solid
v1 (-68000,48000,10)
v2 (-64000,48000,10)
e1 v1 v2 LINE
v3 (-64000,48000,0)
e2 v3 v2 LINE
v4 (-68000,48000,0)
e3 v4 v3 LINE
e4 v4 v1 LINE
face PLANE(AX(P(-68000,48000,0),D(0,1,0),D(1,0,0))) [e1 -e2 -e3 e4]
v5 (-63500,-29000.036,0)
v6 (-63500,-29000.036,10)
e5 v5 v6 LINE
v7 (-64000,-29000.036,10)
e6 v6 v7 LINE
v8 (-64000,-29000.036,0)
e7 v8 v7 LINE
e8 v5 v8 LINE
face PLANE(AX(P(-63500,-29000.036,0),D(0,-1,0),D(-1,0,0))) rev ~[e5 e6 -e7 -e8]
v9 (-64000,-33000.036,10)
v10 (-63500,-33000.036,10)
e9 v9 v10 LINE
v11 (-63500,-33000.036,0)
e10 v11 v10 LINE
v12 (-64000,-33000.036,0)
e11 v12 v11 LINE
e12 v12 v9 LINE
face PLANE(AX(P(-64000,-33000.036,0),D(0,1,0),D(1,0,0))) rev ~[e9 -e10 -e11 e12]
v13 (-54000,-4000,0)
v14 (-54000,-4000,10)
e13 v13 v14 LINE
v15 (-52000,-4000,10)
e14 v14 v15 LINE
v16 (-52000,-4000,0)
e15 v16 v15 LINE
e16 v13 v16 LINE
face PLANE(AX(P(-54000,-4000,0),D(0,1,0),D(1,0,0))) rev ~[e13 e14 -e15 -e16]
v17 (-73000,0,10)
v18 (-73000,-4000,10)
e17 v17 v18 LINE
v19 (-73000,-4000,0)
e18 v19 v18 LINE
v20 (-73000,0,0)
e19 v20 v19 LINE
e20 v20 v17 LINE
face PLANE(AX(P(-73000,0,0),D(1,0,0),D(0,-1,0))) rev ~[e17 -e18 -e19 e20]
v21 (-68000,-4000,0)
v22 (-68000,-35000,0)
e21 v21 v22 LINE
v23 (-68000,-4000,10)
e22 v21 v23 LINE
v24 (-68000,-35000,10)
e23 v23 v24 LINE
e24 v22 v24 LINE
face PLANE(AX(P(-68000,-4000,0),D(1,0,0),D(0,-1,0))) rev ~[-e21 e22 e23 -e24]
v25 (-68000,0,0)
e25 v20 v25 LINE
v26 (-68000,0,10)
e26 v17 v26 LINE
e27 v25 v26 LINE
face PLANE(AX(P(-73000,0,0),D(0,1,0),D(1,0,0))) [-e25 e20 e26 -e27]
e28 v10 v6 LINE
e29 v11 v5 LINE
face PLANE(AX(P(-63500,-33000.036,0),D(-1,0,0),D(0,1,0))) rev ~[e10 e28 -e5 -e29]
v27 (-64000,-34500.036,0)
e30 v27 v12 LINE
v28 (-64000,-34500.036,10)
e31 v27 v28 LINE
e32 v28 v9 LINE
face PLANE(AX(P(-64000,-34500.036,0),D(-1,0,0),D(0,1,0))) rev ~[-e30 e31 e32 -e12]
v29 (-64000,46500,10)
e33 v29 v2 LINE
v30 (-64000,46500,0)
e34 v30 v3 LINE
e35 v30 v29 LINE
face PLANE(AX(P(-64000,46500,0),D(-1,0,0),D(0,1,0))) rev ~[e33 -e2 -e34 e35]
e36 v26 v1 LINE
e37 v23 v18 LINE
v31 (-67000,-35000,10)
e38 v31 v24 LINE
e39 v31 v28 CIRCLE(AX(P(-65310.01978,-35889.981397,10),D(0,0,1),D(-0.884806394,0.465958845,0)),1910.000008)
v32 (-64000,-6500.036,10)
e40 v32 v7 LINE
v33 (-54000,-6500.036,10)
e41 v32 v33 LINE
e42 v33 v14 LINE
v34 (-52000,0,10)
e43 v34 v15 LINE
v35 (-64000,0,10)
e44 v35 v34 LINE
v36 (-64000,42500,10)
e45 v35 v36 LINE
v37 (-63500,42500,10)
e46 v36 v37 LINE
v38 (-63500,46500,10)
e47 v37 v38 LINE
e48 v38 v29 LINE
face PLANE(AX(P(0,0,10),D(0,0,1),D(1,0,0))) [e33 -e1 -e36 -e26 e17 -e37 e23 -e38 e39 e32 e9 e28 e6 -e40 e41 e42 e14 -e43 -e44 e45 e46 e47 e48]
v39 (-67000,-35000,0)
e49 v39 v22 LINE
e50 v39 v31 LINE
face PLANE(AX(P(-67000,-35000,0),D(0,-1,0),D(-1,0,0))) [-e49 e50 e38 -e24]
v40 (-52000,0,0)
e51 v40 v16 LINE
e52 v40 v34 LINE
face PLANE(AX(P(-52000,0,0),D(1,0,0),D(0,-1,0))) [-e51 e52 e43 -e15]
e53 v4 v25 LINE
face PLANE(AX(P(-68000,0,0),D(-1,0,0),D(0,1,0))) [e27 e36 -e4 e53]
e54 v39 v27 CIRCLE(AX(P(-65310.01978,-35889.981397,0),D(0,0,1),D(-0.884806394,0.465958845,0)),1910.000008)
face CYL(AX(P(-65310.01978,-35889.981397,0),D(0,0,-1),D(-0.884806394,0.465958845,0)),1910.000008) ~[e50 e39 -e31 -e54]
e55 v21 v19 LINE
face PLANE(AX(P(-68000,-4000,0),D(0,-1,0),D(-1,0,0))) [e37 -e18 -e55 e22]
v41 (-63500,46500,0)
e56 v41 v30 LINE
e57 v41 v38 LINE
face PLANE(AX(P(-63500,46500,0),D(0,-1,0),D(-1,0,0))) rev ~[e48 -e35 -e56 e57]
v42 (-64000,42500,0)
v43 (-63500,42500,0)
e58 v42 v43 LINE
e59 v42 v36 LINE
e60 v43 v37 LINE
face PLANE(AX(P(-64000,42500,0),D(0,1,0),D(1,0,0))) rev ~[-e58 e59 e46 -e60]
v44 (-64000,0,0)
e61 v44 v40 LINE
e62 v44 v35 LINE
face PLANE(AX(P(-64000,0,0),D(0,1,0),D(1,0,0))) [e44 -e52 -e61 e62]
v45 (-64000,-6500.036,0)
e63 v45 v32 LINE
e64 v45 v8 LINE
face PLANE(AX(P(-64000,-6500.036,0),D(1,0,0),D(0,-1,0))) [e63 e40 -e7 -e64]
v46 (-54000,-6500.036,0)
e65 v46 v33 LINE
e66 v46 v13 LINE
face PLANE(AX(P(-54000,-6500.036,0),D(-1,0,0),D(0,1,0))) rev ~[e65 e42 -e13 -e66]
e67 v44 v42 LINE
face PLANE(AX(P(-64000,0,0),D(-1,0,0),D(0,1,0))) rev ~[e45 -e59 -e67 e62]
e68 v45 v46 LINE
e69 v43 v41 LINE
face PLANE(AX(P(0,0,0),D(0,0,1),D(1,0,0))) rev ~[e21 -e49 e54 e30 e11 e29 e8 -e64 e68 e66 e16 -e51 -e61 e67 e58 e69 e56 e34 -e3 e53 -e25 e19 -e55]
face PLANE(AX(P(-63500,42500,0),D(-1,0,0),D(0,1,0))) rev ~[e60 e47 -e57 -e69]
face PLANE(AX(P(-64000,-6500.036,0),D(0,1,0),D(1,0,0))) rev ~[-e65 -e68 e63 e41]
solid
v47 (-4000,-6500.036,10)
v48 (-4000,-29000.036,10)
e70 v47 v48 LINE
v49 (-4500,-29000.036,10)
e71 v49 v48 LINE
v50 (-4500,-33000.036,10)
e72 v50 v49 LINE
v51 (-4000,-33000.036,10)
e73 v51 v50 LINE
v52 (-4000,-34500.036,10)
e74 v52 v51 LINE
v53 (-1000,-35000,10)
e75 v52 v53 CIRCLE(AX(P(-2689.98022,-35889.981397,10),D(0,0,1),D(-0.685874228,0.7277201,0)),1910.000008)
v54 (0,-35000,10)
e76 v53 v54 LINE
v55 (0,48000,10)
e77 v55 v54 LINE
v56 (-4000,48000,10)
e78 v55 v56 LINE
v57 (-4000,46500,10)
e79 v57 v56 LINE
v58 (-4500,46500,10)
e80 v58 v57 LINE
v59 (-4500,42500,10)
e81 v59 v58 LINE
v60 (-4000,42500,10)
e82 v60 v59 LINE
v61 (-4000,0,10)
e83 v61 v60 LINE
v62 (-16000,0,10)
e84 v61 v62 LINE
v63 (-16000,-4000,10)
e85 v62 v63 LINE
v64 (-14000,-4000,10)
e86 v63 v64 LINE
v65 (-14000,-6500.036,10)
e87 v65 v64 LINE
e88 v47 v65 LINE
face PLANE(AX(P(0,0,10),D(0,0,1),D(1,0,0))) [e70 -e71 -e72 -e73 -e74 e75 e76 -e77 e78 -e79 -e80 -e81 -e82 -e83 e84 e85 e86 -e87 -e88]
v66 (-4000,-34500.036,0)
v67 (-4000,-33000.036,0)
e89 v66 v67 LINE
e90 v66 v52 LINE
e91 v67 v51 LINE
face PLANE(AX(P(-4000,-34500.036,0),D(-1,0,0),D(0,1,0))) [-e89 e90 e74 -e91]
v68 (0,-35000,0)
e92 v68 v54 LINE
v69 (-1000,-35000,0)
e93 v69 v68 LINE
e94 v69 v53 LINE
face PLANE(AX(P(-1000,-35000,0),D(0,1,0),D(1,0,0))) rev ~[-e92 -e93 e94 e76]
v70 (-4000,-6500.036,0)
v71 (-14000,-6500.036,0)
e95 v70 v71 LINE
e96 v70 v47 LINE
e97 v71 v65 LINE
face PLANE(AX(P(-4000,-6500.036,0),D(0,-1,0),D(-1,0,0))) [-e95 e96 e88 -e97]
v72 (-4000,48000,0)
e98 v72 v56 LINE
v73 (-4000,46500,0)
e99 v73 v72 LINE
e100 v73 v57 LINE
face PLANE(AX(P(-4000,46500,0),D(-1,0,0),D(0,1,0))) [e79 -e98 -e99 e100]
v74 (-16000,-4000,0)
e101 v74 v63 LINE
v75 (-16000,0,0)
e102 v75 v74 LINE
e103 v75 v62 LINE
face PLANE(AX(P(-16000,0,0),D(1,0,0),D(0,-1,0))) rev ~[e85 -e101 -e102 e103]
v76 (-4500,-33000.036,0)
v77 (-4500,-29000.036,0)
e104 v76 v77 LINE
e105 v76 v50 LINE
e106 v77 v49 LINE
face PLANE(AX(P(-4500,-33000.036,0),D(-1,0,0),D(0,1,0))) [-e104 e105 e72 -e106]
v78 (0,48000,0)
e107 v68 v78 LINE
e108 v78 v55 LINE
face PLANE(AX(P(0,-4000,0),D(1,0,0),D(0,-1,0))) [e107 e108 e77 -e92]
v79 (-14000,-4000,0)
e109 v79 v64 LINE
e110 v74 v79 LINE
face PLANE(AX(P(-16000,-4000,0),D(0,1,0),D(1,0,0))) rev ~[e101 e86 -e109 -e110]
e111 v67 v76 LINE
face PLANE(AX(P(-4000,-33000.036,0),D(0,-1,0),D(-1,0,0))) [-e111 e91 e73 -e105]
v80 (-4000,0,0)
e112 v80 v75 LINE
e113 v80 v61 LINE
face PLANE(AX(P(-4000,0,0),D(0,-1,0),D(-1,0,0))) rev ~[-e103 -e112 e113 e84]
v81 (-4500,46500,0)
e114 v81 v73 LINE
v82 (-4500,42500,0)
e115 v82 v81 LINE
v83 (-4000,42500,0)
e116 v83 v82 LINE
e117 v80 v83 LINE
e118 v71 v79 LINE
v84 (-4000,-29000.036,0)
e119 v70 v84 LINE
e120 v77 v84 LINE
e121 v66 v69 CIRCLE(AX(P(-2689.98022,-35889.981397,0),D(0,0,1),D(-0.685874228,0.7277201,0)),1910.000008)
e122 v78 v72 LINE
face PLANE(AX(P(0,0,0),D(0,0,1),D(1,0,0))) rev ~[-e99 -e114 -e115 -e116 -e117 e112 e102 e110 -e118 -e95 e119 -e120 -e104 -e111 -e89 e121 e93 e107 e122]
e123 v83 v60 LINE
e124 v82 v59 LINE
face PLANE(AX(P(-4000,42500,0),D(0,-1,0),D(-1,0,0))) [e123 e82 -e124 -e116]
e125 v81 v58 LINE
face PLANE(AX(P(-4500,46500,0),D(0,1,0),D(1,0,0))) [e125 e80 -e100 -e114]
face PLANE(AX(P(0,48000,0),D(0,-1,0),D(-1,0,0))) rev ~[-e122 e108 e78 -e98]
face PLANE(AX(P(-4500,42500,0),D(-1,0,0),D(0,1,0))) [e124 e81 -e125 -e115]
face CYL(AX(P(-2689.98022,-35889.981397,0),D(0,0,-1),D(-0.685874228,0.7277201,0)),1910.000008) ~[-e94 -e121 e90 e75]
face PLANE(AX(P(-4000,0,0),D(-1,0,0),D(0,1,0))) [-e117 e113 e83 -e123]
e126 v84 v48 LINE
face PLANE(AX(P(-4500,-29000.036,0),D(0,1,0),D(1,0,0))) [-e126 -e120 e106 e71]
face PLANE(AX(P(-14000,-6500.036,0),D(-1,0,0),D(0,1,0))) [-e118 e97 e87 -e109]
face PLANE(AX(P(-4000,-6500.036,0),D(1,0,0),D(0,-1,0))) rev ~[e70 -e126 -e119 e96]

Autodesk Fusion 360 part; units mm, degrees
sketch "スケッチ1" plane through (0, 0, 0) normal (0, 0, 1) x (1, 0, 0)
  line L0 (0, -4000) -> (0, -35000)
  line L1 (-4000, -6500.036) -> (-14000, -6500.036)
  line L2 (-34000, 2000) -> (-34000, -2000)
  line L3 (-63500, -29000.036) -> (-64000, -29000.036)
  line L4 (-63500, 42500) -> (-63500, 46500)
  line L5 (-64000, 46500) -> (-64000, 48000)
  line L6 (-64000, -6500.036) -> (-64000, -29000.036)
  line L7 (-14000, -6500.036) -> (-14000, -4000)
  line L8 (-68000, 41000) -> (-68000, 43977.4822)
  arc A0 (-67000, -35000) -> (-64000, -34500.036) centre (-65310.0198, -35889.9814) ccw
  line L9 (-1000, -35000) -> (0, -35000)
  arc A1 (-4000, -34500.036) -> (-1000, -35000) centre (-2689.9802, -35889.9814) ccw
  line L10 (-67000, -35000) -> (-68000, -35000)
  line L11 (-4000, 46500) -> (-4000, 48000)
  line L12 (-68000, 0) -> (-68000, 41000)
  line L13 (0, 41000) -> (0, 43977.4822)
  line L14 (-63500, 46500) -> (-64000, 46500)
  line L15 (-4500, 46500) -> (-4000, 46500)
  line L16 (-64000, 42500) -> (-63500, 42500)
  line L17 (-4000, -33000.036) -> (-4500, -33000.036)
  line L18 (-68000, 43977.4822) -> (-68000, 48000)
  line L19 (-68000, 48000) -> (-64000, 48000)
  line L20 (-78000, 0) -> (-79000, 0)
  line L21 (10000, 0) -> (11000, 0)
  line L22 (-64000, -6500.036) -> (-54000, -6500.036)
  line L23 (-63500, -33000.036) -> (-63500, -29000.036)
  line L24 (-64000, -34500.036) -> (-64000, -33000.036)
  line L25 (-64000, -33000.036) -> (-63500, -33000.036)
  line L26 (-68000, -4000) -> (-68000, -35000)
  line L27 (0, 0) -> (0, 41000)
  line L28 (-64000, 0) -> (-64000, 42500)
  line L29 (-54000, -6500.036) -> (-54000, -4000)
  line L30 (-4500, 42500) -> (-4500, 46500)
  line L31 (-4000, 42500) -> (-4500, 42500)
  line L32 (-4500, -29000.036) -> (-4000, -29000.036)
  line L33 (-4000, 0) -> (-4000, 42500)
  line L34 (-4500, -33000.036) -> (-4500, -29000.036)
  line L35 (-4000, -34500.036) -> (-4000, -33000.036)
  line L36 (0, 48000) -> (-4000, 48000)
  line L37 (-4000, -6500.036) -> (-4000, -29000.036)
  line L38 (0, 43977.4822) -> (0, 48000)
  line L39 (-64000, 0) -> (-52000, 0)
  line L40 (-52000, 0) -> (-52000, -4000)
  line L41 (-54000, -4000) -> (-52000, -4000)
  line L42 (-4000, 0) -> (-16000, 0)
  line L43 (-16000, 0) -> (-16000, -4000)
  line L44 (-16000, -4000) -> (-14000, -4000)
  line L45 (0, -4000) -> (0, 0)
  line L46 (-73000, 0) -> (-73000, -4000)
  line L47 (-73000, 0) -> (-68000, 0)
  line L48 (-68000, -4000) -> (-73000, -4000)
  point P0 (-4000, -35000)
  point P1 (-64000, -35000)
  point P2 (-64000, 42500)
  point P3 (-64000, -34500.036)
  point P4 (-68000, 0)
  point P5 (-64000, -6500.036)
  point P6 (-64000, 0)
  point P7 (-4000, 0)
  point P8 (-4000, 41000)
  point P9 (-4000, 42500)
  point P10 (-4000, -6500.036)
  point P11 (-4000, -34500.036)
  point P12 (-64000, 0)
  point P13 (-64000, 41000)
extrude "押し出し1" add sketch "スケッチ1" along normal blind 10 makes body 1 at (-60666.6667, -3500.012, 0) makes body 2 at (-7333.3333, -3500.012, 0)
